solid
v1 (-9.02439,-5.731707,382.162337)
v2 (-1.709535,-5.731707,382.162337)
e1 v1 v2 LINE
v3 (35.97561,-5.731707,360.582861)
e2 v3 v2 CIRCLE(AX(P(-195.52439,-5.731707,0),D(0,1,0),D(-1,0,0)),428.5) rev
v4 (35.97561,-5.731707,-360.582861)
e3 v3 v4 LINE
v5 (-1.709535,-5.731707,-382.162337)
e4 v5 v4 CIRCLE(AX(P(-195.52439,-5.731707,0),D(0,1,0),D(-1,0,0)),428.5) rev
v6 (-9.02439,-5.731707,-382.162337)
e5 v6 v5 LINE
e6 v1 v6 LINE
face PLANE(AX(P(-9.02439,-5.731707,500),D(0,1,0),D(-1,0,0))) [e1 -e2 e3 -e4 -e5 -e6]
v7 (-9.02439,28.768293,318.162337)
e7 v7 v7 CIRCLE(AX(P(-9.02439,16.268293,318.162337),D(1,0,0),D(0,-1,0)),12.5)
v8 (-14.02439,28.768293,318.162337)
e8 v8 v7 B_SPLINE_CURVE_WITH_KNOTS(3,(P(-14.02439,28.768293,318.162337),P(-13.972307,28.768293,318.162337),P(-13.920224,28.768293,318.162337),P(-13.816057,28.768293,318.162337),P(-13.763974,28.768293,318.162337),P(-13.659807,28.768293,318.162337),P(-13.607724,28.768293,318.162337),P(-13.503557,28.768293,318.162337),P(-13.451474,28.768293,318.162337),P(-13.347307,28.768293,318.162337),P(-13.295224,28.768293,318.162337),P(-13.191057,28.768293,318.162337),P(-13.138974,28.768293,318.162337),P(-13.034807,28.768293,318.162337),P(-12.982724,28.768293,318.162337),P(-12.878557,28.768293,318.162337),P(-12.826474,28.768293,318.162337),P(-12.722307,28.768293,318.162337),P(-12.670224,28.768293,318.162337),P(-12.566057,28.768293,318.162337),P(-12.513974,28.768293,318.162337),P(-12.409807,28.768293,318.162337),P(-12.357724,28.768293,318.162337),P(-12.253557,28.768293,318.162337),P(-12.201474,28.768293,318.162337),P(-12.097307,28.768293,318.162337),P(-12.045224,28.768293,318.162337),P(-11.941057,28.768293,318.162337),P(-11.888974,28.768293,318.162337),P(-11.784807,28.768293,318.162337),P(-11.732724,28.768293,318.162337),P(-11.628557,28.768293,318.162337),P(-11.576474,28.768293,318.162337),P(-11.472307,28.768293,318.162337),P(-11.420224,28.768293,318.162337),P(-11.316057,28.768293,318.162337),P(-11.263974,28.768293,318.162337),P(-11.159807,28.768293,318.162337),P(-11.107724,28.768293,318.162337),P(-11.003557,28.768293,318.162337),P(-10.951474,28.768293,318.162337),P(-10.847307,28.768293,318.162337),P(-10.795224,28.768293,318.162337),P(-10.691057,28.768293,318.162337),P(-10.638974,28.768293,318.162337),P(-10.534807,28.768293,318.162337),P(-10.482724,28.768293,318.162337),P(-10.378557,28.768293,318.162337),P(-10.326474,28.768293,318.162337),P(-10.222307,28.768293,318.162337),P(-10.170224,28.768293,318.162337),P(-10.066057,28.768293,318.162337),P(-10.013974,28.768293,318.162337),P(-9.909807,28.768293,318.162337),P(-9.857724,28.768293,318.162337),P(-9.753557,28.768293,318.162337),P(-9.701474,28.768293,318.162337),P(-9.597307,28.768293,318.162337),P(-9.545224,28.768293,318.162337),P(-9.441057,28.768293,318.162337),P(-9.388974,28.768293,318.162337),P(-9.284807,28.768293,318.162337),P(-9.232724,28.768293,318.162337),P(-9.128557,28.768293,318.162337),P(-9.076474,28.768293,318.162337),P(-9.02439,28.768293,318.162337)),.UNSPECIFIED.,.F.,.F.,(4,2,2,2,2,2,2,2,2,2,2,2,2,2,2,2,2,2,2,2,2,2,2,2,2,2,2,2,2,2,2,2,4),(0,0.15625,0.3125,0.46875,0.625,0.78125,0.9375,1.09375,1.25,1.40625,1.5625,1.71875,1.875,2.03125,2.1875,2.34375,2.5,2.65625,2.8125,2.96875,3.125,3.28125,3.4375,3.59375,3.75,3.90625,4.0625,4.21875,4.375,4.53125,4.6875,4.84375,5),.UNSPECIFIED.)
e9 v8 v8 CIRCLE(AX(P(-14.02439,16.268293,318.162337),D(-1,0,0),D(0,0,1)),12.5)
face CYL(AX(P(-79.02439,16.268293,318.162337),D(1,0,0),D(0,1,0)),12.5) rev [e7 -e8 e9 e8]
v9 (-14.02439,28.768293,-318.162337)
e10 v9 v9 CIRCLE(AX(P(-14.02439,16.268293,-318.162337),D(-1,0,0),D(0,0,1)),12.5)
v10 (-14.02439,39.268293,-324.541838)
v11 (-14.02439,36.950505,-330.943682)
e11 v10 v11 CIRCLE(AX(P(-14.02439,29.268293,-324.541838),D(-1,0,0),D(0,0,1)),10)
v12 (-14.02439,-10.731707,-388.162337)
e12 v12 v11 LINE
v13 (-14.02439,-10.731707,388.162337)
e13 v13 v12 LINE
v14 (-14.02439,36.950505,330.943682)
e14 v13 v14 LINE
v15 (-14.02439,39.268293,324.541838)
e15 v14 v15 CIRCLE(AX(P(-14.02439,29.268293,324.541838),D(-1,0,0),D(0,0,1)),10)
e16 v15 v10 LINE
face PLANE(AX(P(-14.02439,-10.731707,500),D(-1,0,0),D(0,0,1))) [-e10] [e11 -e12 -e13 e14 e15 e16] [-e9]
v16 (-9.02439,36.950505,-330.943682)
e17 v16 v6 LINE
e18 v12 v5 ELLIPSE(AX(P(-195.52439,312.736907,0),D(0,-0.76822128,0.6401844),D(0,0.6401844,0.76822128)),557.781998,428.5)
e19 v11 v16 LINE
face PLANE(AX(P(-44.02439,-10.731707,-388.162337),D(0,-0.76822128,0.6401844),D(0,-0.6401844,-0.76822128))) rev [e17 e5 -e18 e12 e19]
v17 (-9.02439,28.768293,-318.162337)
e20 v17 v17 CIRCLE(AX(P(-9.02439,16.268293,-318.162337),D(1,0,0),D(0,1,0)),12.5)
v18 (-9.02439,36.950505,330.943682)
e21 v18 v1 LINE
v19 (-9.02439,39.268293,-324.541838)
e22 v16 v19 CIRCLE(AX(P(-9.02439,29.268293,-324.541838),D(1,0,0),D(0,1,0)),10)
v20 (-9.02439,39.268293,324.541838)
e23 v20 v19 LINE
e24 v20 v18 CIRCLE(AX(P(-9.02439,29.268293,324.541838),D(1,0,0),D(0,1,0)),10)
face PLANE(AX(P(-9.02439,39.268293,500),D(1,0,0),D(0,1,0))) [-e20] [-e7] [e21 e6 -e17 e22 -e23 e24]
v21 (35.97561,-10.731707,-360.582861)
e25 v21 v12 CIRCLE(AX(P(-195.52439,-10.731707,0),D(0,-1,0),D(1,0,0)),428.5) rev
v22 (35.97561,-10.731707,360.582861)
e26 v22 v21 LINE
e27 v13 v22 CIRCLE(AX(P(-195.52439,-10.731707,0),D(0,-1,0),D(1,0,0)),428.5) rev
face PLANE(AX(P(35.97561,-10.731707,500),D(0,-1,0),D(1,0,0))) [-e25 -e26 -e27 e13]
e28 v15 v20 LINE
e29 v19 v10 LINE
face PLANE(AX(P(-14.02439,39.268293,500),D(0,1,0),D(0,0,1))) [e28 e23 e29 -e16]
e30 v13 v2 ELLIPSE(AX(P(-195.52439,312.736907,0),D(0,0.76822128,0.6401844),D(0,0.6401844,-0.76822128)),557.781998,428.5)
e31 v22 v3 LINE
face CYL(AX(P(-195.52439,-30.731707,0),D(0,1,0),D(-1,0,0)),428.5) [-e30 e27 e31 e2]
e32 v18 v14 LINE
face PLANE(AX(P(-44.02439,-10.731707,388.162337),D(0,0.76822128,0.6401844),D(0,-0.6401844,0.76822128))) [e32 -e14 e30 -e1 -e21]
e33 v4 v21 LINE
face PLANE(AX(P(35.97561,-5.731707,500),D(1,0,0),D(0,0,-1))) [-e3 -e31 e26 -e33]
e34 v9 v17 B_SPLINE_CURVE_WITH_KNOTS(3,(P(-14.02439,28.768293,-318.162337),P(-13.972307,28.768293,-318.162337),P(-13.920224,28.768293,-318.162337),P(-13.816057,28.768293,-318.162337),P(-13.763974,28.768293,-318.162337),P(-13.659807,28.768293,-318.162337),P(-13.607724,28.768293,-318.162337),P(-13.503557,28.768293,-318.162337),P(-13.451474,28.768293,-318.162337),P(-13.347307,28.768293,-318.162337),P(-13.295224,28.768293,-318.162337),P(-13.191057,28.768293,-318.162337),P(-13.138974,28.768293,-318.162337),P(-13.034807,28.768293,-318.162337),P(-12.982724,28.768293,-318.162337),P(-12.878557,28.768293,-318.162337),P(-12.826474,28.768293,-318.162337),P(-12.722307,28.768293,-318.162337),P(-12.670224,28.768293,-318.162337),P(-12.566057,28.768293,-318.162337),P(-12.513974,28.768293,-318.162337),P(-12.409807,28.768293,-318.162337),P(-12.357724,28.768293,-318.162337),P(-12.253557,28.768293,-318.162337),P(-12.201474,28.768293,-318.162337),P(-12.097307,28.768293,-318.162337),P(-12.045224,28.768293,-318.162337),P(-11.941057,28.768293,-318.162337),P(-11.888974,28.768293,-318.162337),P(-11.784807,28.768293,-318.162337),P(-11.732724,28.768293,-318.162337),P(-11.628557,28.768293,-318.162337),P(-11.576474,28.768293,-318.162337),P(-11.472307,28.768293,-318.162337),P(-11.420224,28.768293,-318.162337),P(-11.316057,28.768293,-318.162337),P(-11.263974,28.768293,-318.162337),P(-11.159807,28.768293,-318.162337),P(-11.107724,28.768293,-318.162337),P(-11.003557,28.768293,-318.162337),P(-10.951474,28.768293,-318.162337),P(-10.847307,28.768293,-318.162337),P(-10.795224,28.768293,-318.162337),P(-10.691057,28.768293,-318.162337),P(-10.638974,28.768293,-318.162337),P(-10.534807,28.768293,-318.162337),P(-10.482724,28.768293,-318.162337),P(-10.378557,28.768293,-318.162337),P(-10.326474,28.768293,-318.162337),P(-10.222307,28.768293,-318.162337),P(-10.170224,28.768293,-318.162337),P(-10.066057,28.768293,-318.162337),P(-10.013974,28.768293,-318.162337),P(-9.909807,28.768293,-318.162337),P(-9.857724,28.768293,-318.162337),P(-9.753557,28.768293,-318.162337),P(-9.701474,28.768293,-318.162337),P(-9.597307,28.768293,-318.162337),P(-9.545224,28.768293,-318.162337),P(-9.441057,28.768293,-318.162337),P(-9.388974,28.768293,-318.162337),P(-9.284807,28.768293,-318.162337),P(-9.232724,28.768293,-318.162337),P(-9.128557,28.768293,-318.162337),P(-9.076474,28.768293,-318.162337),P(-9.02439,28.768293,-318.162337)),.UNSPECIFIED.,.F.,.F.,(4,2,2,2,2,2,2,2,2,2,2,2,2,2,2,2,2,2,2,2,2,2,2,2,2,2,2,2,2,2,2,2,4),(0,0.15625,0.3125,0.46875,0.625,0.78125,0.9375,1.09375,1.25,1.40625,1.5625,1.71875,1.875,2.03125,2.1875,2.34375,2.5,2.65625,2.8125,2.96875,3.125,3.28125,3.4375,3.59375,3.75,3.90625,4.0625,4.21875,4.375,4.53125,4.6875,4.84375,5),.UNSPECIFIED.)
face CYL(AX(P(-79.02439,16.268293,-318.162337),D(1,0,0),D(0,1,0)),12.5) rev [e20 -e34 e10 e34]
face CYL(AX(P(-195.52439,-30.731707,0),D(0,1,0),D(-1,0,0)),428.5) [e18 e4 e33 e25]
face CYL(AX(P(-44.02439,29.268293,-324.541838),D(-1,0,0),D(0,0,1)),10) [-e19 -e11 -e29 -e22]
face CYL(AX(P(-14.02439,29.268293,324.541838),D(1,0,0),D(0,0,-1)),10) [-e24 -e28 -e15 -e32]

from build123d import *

# Parameters (mm, degrees)
BOSS_EXTRUDE1_DEPTH = 500
CUT_EXTRUDE1_DEPTH  = 70
CUT_EXTRUDE2_DEPTH  = 35
FILLET1_R           = 10
SKETCH4_R           = 12.5
CUT_EXTRUDE3_DEPTH  = 70


with BuildPart() as part:
    # Sketch1 → Boss-Extrude1 (new, symmetric)
    with BuildSketch(Plane.XY):
        Polygon((-14.024390244, 39.268292683), (-9.024390244, 39.268292683), (-9.024390244, -5.731707317), (35.975609756, -5.731707317), (35.975609756, -10.731707317), (-14.024390244, -10.731707317), align=None)
    extrude(amount=BOSS_EXTRUDE1_DEPTH, both=True)

    # Sketch2 → Cut-Extrude1 (cut)
    with BuildSketch(Plane(origin=(0, 39.268292683, 0), x_dir=(1, 0, 0), z_dir=(0, 1, 0))):
        with BuildLine():
            Line((-62.224317274, 529.897722978), (58.968835914, 529.897722978))
            Line((58.968835914, 529.897722978), (58.968835914, 344.739681267))
            ThreePointArc((58.968835914, 344.739681267), (0.874290628, 380.84092237), (-62.224317274, 407.238677616))
            Line((-62.224317274, 407.238677616), (-62.224317274, 529.897722978))
        make_face()
        with BuildLine():
            Line((75.729591142, -524.740567523), (-50.6207175, -524.740567523))
            Line((-50.6207175, -524.740567523), (-50.6207175, -403.255719892))
            ThreePointArc((-50.6207175, -403.255719892), (8.569896952, -376.772838636), (63.086584035, -341.661548879))
            Line((63.086584035, -341.661548879), (75.729591142, -341.661548879))
            Line((75.729591142, -341.661548879), (75.729591142, -524.740567523))
        make_face()
    extrude(amount=-CUT_EXTRUDE1_DEPTH, mode=Mode.SUBTRACT)

    # Sketch3 → Cut-Extrude2 (cut, symmetric)
    with BuildSketch(Plane(origin=(-9.024390244, 0, 0), x_dir=(0, 0, -1), z_dir=(1, 0, 0))):
        Polygon((388.162337174, -10.731707317), (328.162337174, 39.268292683), (388.162337174, 39.268292683), align=None)
    cut_extrude2 = extrude(amount=CUT_EXTRUDE2_DEPTH, both=True, mode=Mode.SUBTRACT)

    # Mirror1: Cut-Extrude2 across plane
    add(cut_extrude2.mirror(Plane.XY), mode=Mode.SUBTRACT)

    # Fillet1
    fillet1_edges = [part.edges().sort_by_distance(p)[0] for p in [
        (-11.524390244, 39.268292683, -328.162337174),
        (-11.524390244, 39.268292683, 328.162337174),
    ]]
    fillet(fillet1_edges, radius=FILLET1_R)

    # Sketch4 → Cut-Extrude3 (cut)
    with BuildSketch(Plane(origin=(-9.024390244, 0, 0), x_dir=(0, 0, -1), z_dir=(1, 0, 0))):
        with Locations(Location((318.162337174, 16.268292683, 0), (0, 0, 90))):
            Circle(SKETCH4_R)
        with Locations(Location((-318.162337174, 16.268292683, 0), (0, 0, 90))):
            Circle(SKETCH4_R)
    extrude(amount=-CUT_EXTRUDE3_DEPTH, mode=Mode.SUBTRACT)


solid = part.part
